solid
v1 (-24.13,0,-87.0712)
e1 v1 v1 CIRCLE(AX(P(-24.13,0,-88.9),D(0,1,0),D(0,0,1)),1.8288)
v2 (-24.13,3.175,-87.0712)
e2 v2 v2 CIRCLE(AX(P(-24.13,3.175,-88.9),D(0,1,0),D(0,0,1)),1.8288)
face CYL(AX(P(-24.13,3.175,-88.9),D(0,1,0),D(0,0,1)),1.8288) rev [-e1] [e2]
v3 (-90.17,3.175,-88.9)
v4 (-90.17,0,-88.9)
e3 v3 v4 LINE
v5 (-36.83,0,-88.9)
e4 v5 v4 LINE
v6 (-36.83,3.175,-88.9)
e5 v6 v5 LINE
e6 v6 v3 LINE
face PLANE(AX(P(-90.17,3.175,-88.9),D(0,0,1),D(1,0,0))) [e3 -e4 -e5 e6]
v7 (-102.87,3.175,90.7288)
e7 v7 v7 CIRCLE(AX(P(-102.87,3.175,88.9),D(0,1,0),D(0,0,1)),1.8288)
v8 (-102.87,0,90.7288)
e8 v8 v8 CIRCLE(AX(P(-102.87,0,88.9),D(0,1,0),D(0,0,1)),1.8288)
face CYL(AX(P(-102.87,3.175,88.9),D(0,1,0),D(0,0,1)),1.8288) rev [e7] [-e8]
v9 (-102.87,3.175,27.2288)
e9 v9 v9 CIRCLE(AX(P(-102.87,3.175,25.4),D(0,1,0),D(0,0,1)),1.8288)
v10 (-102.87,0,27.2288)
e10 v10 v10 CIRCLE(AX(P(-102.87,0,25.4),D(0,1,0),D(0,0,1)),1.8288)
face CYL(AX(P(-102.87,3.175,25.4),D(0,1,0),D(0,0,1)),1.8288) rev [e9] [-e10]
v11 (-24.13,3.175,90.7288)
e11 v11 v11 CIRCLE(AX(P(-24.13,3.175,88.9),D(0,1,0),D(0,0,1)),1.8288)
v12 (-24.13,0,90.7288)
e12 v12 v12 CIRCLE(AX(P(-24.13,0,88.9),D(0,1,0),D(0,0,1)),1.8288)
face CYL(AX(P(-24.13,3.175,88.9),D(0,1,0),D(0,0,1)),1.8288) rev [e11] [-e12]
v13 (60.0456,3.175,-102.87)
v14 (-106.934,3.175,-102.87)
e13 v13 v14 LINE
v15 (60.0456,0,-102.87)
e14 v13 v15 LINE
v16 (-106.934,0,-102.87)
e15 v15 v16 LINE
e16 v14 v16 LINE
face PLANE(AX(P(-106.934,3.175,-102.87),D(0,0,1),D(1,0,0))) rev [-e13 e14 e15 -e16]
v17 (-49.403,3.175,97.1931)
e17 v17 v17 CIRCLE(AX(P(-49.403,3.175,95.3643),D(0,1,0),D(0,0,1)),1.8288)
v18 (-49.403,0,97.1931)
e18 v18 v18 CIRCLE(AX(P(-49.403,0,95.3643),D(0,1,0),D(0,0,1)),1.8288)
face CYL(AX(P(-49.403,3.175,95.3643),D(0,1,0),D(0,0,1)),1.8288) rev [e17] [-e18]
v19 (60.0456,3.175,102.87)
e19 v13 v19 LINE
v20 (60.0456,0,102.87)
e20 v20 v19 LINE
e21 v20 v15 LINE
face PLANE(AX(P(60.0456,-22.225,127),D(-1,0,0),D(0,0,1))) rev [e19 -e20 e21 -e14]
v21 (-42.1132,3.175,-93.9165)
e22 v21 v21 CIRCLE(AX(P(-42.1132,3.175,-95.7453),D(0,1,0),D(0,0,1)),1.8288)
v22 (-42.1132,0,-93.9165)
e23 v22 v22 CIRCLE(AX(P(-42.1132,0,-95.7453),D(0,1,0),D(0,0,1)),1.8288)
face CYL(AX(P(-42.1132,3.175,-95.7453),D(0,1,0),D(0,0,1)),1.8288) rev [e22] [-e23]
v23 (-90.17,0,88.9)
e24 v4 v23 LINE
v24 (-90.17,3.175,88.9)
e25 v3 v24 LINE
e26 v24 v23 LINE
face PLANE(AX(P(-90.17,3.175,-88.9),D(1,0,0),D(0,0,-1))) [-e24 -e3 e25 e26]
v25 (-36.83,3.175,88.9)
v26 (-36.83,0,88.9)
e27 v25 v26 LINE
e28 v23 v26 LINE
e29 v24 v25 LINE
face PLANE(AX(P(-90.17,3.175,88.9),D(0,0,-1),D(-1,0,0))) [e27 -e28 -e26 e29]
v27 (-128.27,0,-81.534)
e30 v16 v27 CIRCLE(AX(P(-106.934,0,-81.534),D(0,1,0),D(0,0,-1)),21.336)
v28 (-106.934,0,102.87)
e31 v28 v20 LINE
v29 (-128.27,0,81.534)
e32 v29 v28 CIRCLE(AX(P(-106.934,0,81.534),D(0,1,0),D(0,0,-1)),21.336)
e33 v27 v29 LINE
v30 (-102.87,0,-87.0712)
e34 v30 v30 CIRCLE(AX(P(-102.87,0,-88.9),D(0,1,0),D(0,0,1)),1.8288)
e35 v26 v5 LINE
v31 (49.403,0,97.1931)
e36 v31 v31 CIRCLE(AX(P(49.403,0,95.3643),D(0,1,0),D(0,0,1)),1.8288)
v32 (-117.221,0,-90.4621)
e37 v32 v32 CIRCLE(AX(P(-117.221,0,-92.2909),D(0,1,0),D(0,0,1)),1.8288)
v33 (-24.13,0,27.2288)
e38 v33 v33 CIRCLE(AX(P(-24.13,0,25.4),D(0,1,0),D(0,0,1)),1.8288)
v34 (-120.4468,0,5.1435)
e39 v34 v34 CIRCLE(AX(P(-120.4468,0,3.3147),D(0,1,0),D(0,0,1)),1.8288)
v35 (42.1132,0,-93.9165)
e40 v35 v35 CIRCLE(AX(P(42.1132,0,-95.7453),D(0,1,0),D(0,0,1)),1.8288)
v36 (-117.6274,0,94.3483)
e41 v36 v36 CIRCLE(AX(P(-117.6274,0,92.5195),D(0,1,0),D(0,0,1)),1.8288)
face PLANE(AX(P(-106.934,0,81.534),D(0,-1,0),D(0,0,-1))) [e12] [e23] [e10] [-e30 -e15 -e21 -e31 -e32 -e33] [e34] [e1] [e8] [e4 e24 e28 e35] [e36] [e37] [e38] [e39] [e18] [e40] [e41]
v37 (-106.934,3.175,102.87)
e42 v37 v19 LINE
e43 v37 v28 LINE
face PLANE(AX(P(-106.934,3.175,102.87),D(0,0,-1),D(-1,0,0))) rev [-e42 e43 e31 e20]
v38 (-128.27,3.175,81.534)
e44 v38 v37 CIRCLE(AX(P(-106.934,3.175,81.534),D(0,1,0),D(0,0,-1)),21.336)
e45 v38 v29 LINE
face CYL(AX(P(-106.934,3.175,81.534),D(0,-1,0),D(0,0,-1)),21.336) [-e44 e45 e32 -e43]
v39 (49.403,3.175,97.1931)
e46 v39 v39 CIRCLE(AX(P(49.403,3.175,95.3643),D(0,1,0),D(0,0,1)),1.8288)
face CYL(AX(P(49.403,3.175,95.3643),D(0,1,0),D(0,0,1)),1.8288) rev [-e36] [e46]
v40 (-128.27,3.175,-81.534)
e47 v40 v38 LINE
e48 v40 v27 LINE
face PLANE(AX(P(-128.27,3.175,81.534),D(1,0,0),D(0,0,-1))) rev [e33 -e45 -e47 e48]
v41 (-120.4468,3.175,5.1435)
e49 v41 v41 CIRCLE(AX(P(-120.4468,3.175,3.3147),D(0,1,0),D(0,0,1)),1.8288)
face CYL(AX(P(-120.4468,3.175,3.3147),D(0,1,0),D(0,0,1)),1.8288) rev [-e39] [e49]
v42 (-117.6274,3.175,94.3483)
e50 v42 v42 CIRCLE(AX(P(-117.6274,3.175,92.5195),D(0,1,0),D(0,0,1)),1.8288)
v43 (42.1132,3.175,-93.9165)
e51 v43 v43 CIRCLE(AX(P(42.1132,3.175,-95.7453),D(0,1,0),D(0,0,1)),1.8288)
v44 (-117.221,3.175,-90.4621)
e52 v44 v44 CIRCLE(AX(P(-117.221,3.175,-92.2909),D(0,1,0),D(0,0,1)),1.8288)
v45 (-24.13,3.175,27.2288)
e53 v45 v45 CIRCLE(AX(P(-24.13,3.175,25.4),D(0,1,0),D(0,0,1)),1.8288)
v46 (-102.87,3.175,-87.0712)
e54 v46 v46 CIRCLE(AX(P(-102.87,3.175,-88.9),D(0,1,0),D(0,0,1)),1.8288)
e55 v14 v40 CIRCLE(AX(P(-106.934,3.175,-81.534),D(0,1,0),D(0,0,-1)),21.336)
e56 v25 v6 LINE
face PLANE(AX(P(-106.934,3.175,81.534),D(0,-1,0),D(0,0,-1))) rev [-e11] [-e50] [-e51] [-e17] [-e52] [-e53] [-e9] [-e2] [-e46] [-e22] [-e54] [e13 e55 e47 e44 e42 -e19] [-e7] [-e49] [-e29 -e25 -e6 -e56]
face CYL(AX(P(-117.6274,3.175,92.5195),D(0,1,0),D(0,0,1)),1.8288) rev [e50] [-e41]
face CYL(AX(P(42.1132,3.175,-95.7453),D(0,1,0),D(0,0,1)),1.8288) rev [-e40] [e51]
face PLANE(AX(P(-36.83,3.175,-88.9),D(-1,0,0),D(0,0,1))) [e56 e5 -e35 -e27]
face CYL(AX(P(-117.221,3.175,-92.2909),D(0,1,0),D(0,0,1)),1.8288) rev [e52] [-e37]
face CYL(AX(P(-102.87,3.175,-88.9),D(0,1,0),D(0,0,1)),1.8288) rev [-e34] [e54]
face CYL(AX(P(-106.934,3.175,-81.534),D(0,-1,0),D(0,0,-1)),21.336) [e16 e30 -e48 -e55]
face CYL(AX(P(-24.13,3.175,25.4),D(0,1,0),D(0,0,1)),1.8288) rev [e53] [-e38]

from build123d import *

# Parameters (mm, degrees)
BOSS_EXTRUDE1_DEPTH         = 3.175
SKETCH3_W                   = 53.34
SKETCH3_H                   = 177.8
CUT_EXTRUDE1_DEPTH          = 3.175
F_27_0_144_DIAMETER_HOLE2_D = 3.6576
F_27_0_144_DIAMETER_HOLE3_D = 3.6576
SKETCH12_W                  = 127
SKETCH12_H                  = 254
CUT_EXTRUDE2_DEPTH          = 25.4


with BuildPart() as part:
    # Sketch2 → Boss-Extrude1 (new body)
    with BuildSketch(Plane(origin=(0, 0, 0), x_dir=(1, 0, 0), z_dir=(0, 1, 0))):
        with BuildLine():
            Line((-106.934, -102.87), (106.934, -102.87))
            ThreePointArc((106.934, -102.87), (122.020830283, -96.620830283), (128.27, -81.534))
            Line((128.27, -81.534), (128.27, 81.534))
            ThreePointArc((128.27, 81.534), (122.020830283, 96.620830283), (106.934, 102.87))
            Line((106.934, 102.87), (-106.934, 102.87))
            ThreePointArc((-106.934, 102.87), (-122.020830283, 96.620830283), (-128.27, 81.534))
            Line((-128.27, 81.534), (-128.27, -81.534))
            ThreePointArc((-128.27, -81.534), (-122.020830283, -96.620830283), (-106.934, -102.87))
        make_face()
    extrude(amount=BOSS_EXTRUDE1_DEPTH)

    # Sketch3 → Cut-Extrude1 (cut)
    with BuildSketch(Plane(origin=(0, 0, 0), x_dir=(1, 0, 0), z_dir=(0, 1, 0))):
        with Locations((-63.5, 0)):
            Rectangle(SKETCH3_W, SKETCH3_H)
    extrude(amount=CUT_EXTRUDE1_DEPTH, mode=Mode.SUBTRACT)

    # #27 (0.144) Diameter Hole2 (through all)
    with Locations(Plane(origin=(0, 3.175, 0), x_dir=(1, 0, 0), z_dir=(0, 1, 0))):
        with Locations((-24.13, -25.4), (-24.13, 88.9), (-102.87, 88.9), (-102.87, -25.4), (-102.87, -88.9), (-24.13, -88.9)):
            Hole(F_27_0_144_DIAMETER_HOLE2_D / 2)

    # #27 (0.144) Diameter Hole3 (through all)
    with Locations(Plane(origin=(0, 3.175, 0), x_dir=(1, 0, 0), z_dir=(0, 1, 0))):
        with Locations((-42.1132, 95.7453), (42.1132, 95.7453), (117.221, 92.2909), (117.6274, -92.5195), (49.403, -95.3643), (120.4468, -3.3147), (-49.403, -95.3643), (-117.6274, -92.5195), (-120.4468, -3.3147), (-117.221, 92.2909)):
            Hole(F_27_0_144_DIAMETER_HOLE3_D / 2)

    # Sketch12 → Cut-Extrude2 (cut)
    with BuildSketch(Plane(origin=(0, 3.175, 0), x_dir=(1, 0, 0), z_dir=(0, 1, 0))):
        with Locations((123.5456, 0)):
            Rectangle(SKETCH12_W, SKETCH12_H)
    extrude(amount=-CUT_EXTRUDE2_DEPTH, mode=Mode.SUBTRACT)


solid = part.part
